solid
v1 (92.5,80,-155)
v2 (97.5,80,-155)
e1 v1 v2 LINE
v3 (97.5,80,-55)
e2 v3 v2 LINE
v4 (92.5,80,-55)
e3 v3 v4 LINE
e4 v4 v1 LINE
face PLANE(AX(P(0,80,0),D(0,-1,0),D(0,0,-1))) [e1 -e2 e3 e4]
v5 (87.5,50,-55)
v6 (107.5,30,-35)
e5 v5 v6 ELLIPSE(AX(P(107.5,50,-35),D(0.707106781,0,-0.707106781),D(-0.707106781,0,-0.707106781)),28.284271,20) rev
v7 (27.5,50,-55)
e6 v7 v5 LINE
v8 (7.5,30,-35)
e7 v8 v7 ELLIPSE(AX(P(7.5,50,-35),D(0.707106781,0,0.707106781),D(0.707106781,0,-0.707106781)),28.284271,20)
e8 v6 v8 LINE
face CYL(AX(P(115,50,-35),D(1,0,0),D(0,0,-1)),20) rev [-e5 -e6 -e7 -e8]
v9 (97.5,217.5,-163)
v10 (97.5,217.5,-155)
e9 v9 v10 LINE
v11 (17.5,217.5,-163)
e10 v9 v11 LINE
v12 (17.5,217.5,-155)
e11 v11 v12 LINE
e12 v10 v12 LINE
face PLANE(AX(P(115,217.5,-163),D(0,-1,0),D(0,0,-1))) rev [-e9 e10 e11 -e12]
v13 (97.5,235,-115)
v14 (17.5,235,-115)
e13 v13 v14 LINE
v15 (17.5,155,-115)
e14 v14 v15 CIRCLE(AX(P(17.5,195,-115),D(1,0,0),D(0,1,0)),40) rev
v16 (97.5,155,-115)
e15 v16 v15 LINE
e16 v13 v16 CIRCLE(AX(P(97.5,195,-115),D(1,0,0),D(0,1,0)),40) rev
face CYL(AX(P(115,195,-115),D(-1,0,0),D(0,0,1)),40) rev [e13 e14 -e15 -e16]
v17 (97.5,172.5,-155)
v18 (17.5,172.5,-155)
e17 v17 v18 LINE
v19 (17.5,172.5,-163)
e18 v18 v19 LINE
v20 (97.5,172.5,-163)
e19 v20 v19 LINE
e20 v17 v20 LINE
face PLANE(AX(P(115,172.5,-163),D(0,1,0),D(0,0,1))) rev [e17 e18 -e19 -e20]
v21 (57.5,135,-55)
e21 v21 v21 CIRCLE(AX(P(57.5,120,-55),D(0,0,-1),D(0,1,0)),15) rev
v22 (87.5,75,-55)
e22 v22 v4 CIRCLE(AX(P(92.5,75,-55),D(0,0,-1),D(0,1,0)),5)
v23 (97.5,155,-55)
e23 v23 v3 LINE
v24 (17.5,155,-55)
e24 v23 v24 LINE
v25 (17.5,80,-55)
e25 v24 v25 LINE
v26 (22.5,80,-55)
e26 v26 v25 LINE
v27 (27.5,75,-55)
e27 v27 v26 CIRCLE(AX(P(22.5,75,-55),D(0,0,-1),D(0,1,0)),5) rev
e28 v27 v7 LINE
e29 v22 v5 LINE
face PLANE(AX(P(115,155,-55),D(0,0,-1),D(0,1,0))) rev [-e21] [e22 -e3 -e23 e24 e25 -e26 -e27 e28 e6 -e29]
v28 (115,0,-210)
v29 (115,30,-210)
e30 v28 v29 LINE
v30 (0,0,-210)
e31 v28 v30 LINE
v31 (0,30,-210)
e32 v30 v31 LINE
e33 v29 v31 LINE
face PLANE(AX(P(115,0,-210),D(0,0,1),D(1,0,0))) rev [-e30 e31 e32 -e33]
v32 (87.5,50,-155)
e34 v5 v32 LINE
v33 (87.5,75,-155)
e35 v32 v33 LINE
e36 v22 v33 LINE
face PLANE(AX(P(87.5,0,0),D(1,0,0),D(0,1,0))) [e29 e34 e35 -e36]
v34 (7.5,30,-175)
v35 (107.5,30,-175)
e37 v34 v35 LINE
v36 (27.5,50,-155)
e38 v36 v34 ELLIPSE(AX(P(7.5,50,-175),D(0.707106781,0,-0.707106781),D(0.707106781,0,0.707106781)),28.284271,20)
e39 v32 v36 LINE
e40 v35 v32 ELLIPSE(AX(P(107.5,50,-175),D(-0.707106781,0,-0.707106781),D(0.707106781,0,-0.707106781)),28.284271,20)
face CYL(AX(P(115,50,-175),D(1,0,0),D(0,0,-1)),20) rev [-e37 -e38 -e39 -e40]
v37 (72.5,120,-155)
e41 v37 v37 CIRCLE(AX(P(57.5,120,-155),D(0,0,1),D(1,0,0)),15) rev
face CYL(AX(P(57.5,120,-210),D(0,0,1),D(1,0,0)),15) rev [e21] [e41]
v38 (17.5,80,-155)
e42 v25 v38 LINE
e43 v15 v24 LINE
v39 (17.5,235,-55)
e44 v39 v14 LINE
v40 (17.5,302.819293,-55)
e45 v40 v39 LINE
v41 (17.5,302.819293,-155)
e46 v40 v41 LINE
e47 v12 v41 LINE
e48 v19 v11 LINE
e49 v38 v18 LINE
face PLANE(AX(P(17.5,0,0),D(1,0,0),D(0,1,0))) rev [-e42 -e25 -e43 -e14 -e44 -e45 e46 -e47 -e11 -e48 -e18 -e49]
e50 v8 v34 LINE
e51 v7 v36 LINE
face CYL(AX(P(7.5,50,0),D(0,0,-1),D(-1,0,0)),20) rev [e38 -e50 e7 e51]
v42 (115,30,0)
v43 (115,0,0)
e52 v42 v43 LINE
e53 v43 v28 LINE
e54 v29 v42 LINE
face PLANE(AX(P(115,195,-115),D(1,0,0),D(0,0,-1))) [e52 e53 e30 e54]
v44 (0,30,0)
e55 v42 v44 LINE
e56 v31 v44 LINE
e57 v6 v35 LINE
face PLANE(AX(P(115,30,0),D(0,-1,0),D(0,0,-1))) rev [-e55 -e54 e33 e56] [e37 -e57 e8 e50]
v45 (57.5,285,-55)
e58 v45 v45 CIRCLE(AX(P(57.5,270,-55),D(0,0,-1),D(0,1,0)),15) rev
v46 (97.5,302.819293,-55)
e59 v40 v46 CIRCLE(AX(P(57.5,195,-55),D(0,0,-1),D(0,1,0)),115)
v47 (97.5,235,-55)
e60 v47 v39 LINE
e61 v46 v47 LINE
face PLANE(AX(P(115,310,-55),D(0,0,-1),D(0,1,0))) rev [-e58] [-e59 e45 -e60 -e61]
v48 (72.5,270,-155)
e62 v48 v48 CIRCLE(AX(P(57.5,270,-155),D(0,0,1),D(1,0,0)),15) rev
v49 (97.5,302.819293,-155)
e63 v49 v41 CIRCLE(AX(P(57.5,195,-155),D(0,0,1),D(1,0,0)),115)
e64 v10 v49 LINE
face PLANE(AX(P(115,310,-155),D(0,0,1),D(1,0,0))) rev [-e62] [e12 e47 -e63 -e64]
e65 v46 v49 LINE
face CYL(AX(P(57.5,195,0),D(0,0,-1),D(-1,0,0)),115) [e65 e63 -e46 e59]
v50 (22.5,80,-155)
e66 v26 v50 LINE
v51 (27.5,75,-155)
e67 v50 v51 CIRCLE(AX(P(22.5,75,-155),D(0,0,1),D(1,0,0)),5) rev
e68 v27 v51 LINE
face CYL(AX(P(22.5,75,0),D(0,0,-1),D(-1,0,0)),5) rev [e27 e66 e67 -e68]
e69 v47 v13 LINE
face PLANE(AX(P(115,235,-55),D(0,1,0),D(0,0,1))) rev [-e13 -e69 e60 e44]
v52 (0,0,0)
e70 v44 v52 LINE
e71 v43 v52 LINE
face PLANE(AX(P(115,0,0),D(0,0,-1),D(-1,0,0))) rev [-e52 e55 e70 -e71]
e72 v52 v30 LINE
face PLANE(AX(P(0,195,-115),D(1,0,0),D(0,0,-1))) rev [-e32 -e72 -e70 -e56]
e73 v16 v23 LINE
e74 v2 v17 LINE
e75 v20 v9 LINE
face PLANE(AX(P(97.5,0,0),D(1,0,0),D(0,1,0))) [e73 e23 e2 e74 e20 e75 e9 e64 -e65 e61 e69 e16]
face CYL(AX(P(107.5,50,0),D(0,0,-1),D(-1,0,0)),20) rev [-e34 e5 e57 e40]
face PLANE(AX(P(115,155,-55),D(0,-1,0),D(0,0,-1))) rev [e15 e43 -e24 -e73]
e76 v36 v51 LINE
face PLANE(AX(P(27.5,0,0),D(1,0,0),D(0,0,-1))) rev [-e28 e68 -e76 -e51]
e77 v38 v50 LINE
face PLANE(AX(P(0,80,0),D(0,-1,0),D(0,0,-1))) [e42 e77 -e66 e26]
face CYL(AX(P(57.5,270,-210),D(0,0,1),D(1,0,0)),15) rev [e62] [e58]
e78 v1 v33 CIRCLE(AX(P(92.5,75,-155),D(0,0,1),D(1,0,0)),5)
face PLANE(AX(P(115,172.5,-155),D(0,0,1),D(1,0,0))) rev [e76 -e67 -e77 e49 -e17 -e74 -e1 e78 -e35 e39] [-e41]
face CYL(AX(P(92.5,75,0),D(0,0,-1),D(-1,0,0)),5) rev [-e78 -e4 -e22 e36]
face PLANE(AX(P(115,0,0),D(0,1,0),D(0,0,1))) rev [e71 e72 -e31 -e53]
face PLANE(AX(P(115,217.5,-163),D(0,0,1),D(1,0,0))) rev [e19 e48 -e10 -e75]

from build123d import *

# Parameters (mm, degrees)
BOSS_EXTRUDE1_DEPTH     = 115
CUT_EXTRUDE4_DEPTH      = 56
CUT_EXTRUDE4_DEPTH_BACK = 156
FILLET1_R               = 20
SKETCH4_R               = 15
CUT_EXTRUDE5_DEPTH      = 56
CUT_EXTRUDE5_DEPTH_BACK = 148


with BuildPart() as part:
    # Sketch1 → Boss-Extrude1 (new body)
    with BuildSketch(Plane(origin=(0, 0, 0), x_dir=(0, 0, -1), z_dir=(1, 0, 0))):
        with BuildLine():
            Line((0, 0), (210, 0))
            Line((210, 0), (210, 30))
            Line((210, 30), (155, 30))
            Line((155, 30), (155, 172.5))
            Line((155, 172.5), (163, 172.5))
            Line((163, 172.5), (163, 217.5))
            Line((163, 217.5), (155, 217.5))
            Line((155, 217.5), (155, 310))
            Line((155, 310), (55, 310))
            Line((55, 310), (55, 235))
            Line((55, 235), (115, 235))
            ThreePointArc((115, 235), (155, 195), (115, 155))
            Line((115, 155), (55, 155))
            Line((55, 155), (55, 30))
            Line((55, 30), (0, 30))
            Line((0, 30), (0, 0))
        make_face()
    extrude(amount=BOSS_EXTRUDE1_DEPTH)

    # Sketch2 → Cut-Extrude4 (cut, two sides)
    with BuildSketch(Plane(origin=(0, 0, -155), x_dir=(-1, 0, 0), z_dir=(0, 0, -1))) as cut_extrude4_sk:
        with BuildLine():
            Line((0, 172.5), (-17.5, 172.5))
            Line((-17.5, 172.5), (-17.5, 80))
            Line((-17.5, 80), (-22.5, 80))
            ThreePointArc((-22.5, 80), (-26.035533906, 78.535533906), (-27.5, 75))
            Line((-27.5, 75), (-27.5, 50))
            ThreePointArc((-27.5, 50), (-21.642135624, 35.857864376), (-7.5, 30))
            Line((-7.5, 30), (0, 30))
            Line((0, 30), (0, 172.5))
        make_face()
        with BuildLine():
            Line((-97.5, 172.5), (-97.5, 302.819293264))
            ThreePointArc((-97.5, 302.819293264), (-77.819710562, 308.190588667), (-57.5, 310))
            Line((-57.5, 310), (-115, 310))
            Line((-115, 310), (-115, 172.5))
            Line((-115, 172.5), (-97.5, 172.5))
        make_face()
        with BuildLine():
            Line((-97.5, 80), (-97.5, 172.5))
            Line((-97.5, 172.5), (-115, 172.5))
            Line((-115, 172.5), (-115, 30))
            Line((-115, 30), (-107.5, 30))
            ThreePointArc((-107.5, 30), (-93.357864376, 35.857864376), (-87.5, 50))
            Line((-87.5, 50), (-87.5, 75))
            ThreePointArc((-87.5, 75), (-88.964466094, 78.535533906), (-92.5, 80))
            Line((-92.5, 80), (-97.5, 80))
        make_face()
        with BuildLine():
            Line((0, 310), (-57.5, 310))
            ThreePointArc((-57.5, 310), (-37.180289438, 308.190588667), (-17.5, 302.819293264))
            Line((-17.5, 302.819293264), (-17.5, 172.5))
            Line((-17.5, 172.5), (0, 172.5))
            Line((0, 172.5), (0, 310))
        make_face()
    extrude(amount=CUT_EXTRUDE4_DEPTH, mode=Mode.SUBTRACT)
    extrude(cut_extrude4_sk.sketch, amount=-CUT_EXTRUDE4_DEPTH_BACK, mode=Mode.SUBTRACT)

    # Fillet1
    fillet1_edges = [part.edges().sort_by_distance(p)[0] for p in [
        (57.5, 30, -155),
        (57.5, 30, -55),
    ]]
    fillet(fillet1_edges, radius=FILLET1_R)

    # Sketch4 → Cut-Extrude5 (cut, two sides)
    with BuildSketch(Plane(origin=(0, 0, -155), x_dir=(-1, 0, 0), z_dir=(0, 0, -1))) as cut_extrude5_sk:
        with Locations((-57.5, 120)):
            Circle(SKETCH4_R)
        with Locations((-57.5, 270)):
            Circle(SKETCH4_R)
    extrude(amount=CUT_EXTRUDE5_DEPTH, mode=Mode.SUBTRACT)
    extrude(cut_extrude5_sk.sketch, amount=-CUT_EXTRUDE5_DEPTH_BACK, mode=Mode.SUBTRACT)


solid = part.part
